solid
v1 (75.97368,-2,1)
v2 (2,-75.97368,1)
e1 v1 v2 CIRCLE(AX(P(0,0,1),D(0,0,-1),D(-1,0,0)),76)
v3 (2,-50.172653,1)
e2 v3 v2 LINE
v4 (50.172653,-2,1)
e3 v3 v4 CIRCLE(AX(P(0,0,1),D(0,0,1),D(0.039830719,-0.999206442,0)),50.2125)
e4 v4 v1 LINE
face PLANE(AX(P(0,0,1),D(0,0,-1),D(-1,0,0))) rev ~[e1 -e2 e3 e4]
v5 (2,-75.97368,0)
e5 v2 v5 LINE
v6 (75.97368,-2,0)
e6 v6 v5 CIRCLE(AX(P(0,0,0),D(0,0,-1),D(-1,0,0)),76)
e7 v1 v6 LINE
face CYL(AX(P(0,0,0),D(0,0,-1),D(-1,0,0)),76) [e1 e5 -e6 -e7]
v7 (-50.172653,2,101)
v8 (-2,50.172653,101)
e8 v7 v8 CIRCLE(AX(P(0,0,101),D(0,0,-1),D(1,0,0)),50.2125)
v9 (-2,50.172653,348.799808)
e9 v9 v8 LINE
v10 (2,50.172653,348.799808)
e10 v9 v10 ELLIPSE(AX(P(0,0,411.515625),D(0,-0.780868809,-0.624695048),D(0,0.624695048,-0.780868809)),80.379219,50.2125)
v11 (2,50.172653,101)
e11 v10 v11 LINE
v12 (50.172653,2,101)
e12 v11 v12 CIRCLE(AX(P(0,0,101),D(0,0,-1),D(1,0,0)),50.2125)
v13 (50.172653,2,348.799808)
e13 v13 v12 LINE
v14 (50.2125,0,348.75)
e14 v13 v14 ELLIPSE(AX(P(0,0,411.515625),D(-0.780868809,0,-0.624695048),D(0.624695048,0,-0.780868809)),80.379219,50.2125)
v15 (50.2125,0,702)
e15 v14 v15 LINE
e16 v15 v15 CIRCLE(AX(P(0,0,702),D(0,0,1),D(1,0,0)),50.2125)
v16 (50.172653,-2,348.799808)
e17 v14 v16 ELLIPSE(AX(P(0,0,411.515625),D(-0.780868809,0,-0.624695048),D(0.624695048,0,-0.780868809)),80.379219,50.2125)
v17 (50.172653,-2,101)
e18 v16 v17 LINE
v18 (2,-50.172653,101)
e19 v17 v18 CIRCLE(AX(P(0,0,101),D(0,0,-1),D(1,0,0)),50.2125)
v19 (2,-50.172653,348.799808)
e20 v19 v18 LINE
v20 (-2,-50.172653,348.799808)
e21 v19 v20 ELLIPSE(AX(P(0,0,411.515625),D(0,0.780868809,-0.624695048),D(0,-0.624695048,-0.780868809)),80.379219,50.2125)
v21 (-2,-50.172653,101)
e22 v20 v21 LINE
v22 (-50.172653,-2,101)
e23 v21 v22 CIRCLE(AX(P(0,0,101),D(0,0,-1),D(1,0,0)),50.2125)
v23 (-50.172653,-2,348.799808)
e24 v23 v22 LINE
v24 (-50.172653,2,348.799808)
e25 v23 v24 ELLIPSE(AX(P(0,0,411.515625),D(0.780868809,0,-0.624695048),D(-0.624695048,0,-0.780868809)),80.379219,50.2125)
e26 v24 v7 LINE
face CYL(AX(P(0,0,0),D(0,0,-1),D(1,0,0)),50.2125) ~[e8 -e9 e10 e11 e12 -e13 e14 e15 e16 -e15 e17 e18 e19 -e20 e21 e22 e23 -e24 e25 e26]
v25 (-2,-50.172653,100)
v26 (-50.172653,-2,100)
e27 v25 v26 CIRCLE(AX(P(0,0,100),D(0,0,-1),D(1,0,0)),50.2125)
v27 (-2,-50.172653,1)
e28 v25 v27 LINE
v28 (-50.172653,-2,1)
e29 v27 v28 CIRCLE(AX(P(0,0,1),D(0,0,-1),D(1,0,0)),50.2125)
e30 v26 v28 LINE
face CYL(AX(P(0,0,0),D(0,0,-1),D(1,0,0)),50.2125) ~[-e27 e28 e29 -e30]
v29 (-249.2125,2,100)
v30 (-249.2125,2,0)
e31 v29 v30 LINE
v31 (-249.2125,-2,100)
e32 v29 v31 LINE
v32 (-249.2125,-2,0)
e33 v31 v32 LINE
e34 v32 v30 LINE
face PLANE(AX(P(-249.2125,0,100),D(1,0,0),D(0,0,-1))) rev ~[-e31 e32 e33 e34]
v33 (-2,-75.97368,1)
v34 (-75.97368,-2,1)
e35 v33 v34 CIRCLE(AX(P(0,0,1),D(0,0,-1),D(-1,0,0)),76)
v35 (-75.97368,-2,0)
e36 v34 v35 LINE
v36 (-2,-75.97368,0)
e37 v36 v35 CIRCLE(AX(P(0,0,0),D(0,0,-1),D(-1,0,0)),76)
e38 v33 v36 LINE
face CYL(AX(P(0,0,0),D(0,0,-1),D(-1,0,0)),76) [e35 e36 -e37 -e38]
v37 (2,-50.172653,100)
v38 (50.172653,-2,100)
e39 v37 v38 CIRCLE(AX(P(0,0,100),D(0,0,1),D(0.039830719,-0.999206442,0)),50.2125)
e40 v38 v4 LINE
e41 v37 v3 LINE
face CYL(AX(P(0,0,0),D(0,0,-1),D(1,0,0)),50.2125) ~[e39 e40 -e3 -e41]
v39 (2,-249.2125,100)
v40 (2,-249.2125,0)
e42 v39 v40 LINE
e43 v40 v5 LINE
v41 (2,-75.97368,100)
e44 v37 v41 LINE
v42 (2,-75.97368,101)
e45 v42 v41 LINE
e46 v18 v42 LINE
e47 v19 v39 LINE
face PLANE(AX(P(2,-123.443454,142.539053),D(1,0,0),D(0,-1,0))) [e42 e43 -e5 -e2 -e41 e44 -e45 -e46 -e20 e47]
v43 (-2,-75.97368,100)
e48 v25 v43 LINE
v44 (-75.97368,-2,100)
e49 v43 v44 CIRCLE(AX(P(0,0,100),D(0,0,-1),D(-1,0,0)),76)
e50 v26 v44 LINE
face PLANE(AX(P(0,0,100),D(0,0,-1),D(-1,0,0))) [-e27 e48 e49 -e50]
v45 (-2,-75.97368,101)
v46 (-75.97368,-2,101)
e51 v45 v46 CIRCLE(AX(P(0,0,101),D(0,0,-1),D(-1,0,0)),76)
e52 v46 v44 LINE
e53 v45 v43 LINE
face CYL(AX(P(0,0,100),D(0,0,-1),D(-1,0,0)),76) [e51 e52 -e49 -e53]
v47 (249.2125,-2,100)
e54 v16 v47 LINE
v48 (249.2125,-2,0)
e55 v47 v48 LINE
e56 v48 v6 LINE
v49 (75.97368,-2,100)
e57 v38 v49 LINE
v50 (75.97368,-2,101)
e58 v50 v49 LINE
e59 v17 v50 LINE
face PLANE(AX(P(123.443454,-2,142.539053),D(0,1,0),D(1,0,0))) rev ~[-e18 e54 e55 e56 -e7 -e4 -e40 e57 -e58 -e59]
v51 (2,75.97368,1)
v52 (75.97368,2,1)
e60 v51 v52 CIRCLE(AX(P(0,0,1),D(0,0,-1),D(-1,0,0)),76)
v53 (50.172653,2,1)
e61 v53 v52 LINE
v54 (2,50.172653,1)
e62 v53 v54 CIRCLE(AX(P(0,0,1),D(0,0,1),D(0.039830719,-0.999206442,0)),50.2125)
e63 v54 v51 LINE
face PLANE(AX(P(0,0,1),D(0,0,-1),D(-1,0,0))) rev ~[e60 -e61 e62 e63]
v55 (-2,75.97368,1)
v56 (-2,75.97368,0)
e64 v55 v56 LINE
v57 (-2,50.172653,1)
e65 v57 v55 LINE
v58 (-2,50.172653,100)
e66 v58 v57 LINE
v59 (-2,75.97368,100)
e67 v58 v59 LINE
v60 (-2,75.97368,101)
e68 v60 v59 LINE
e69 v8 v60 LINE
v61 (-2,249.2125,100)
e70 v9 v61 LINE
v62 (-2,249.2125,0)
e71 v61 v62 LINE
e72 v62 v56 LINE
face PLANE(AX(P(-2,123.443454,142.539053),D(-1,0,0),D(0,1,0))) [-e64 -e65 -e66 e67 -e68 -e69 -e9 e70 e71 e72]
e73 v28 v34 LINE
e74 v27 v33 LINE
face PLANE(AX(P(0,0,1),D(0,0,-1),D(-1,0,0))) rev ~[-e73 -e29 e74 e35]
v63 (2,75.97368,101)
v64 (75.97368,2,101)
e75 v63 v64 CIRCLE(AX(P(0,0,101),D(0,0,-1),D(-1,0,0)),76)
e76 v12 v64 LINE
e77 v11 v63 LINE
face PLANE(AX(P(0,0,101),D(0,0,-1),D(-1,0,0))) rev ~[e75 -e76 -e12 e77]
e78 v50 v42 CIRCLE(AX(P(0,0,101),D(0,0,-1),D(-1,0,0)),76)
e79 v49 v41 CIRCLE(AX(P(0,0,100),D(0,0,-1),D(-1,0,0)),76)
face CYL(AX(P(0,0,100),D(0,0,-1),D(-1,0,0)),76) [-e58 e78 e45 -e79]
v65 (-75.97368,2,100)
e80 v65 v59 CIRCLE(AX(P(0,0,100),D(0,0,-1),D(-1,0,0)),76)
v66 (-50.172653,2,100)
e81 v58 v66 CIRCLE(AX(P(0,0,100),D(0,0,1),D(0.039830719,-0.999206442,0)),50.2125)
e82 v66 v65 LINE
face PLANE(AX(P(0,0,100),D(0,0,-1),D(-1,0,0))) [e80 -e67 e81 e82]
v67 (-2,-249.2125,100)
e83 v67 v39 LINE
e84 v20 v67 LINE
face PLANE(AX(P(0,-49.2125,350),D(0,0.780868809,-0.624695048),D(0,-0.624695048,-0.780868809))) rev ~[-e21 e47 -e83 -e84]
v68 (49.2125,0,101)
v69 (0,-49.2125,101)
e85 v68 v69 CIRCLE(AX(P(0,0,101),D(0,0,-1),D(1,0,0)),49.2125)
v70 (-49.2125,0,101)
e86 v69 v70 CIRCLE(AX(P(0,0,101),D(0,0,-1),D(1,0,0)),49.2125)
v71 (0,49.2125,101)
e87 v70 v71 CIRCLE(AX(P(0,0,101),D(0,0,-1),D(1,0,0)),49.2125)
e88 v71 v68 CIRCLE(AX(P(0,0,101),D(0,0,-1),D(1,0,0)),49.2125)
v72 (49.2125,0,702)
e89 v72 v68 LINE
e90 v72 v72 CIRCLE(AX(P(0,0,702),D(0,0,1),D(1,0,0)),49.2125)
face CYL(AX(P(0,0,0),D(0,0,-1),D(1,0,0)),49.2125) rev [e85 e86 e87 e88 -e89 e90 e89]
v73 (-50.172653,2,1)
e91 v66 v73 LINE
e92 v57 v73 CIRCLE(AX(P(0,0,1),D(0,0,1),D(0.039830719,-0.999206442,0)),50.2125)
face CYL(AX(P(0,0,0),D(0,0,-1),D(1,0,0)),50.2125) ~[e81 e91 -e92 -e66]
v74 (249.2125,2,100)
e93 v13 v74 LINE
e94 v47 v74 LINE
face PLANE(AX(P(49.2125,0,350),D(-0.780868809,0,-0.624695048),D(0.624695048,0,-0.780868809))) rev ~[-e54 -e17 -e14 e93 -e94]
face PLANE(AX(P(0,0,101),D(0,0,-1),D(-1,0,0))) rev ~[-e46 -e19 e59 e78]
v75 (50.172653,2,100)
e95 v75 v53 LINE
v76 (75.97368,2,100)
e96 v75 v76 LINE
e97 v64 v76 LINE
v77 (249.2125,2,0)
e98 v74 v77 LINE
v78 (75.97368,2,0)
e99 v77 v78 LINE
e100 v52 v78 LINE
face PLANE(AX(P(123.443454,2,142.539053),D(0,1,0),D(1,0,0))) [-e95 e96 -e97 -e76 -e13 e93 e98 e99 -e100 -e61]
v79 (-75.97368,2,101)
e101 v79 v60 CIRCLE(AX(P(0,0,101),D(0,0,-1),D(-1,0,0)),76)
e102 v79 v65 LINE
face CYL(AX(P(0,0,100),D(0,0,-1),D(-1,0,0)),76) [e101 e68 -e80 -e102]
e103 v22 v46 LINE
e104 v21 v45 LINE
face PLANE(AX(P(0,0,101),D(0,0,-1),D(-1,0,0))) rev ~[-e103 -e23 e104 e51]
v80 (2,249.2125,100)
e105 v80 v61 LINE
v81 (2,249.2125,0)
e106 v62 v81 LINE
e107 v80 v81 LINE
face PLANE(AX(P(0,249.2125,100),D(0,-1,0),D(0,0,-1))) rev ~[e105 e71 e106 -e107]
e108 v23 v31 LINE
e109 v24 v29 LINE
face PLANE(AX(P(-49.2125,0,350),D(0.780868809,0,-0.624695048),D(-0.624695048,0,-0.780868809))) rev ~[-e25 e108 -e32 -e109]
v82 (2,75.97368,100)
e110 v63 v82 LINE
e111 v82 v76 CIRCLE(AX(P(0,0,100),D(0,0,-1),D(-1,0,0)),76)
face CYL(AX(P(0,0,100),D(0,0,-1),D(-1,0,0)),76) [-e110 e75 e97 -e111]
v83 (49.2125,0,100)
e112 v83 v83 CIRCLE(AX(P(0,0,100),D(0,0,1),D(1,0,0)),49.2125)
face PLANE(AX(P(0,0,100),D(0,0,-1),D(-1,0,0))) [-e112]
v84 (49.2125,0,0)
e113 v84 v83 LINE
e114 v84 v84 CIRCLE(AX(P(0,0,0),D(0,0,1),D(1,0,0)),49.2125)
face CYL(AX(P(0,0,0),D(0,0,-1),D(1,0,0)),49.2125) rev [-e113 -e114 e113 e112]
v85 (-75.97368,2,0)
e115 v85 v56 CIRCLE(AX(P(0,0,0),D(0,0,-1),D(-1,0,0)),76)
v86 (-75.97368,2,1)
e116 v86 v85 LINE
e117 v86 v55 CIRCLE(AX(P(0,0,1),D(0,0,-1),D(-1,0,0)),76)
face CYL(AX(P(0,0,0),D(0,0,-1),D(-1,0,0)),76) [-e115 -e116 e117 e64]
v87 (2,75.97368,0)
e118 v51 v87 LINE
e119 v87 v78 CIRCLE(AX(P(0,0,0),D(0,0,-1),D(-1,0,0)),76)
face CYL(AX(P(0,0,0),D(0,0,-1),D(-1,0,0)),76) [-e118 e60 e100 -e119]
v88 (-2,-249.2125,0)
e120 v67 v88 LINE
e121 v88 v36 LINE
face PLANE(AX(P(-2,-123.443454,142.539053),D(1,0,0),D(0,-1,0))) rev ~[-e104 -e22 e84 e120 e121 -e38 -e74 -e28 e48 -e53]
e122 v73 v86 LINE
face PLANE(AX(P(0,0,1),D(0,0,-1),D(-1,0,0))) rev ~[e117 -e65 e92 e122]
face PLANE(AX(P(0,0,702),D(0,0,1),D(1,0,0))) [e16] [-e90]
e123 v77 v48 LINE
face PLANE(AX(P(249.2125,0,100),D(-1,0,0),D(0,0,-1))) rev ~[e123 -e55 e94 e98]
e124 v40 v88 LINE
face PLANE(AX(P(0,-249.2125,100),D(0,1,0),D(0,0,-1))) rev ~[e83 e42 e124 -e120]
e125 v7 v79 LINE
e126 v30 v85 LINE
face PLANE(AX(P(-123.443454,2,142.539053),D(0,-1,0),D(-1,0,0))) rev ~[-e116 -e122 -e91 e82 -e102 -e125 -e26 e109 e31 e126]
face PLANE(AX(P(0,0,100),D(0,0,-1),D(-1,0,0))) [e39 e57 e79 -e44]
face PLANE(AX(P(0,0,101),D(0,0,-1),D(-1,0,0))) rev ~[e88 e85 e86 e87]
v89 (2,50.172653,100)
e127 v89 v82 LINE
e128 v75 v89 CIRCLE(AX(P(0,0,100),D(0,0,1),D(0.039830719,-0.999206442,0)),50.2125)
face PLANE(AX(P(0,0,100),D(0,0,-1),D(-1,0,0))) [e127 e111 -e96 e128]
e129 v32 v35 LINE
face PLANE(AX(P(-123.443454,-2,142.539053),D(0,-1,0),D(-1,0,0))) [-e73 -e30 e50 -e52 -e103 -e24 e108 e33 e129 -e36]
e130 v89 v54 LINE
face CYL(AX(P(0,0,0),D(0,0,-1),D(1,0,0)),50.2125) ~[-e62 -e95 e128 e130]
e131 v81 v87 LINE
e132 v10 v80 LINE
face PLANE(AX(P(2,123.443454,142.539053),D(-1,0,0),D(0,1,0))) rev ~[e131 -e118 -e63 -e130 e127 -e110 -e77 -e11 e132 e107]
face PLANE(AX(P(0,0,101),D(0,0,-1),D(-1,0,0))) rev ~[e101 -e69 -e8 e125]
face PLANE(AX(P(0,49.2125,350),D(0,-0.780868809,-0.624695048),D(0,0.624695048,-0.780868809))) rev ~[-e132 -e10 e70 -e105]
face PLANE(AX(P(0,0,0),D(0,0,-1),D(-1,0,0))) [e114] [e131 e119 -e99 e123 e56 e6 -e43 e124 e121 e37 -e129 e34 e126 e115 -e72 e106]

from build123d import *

# Parameters (mm, degrees)
SKETCH3_R           = 50.2125
SKETCH3_R_2         = 49.2125
BOSS_EXTRUDE1_DEPTH = 702
SKETCH4_R           = 76
SKETCH4_R_2         = 49.2125
BOSS_EXTRUDE2_DEPTH = 1
SKETCH5_R           = 76
BOSS_EXTRUDE3_DEPTH = 1
BOSS_EXTRUDE4_DEPTH = 2
CIRPATTERN1_COUNT   = 4


with BuildPart() as part:
    # Sketch3 → Boss-Extrude1 (new body)
    with BuildSketch(Plane.XY):
        Circle(SKETCH3_R)
        Circle(SKETCH3_R_2, mode=Mode.SUBTRACT)
    extrude(amount=BOSS_EXTRUDE1_DEPTH)

    # Sketch4 → Boss-Extrude2 (add)
    with BuildSketch(Plane(origin=(0, 0, 0), x_dir=(-1, 0, 0), z_dir=(0, 0, -1))):
        Circle(SKETCH4_R)
        Circle(SKETCH4_R_2, mode=Mode.SUBTRACT)
    extrude(amount=-BOSS_EXTRUDE2_DEPTH)

    # Sketch5 → Boss-Extrude3 (add)
    with BuildSketch(Plane(origin=(0, 0, 100), x_dir=(-1, 0, 0), z_dir=(0, 0, -1))):
        Circle(SKETCH5_R)
    extrude(amount=-BOSS_EXTRUDE3_DEPTH)

    # Sketch6 → Boss-Extrude4 (add, symmetric)
    with BuildSketch(Plane(origin=(0, 0, 0), x_dir=(1, 0, 0), z_dir=(0, 1, 0))):
        Polygon((-49.2125, 0), (-49.2125, -350), (-249.2125, -100), (-249.2125, 0), align=None)
    boss_extrude4 = extrude(amount=BOSS_EXTRUDE4_DEPTH, both=True)

    # CirPattern1: Boss-Extrude4 ×4 about axis
    cirpattern1_axis = Axis((0, 0, 702), (0, 0, -1))
    for i in range(1, CIRPATTERN1_COUNT):
        add(boss_extrude4.rotate(cirpattern1_axis, i * 360 / CIRPATTERN1_COUNT))


solid = part.part
